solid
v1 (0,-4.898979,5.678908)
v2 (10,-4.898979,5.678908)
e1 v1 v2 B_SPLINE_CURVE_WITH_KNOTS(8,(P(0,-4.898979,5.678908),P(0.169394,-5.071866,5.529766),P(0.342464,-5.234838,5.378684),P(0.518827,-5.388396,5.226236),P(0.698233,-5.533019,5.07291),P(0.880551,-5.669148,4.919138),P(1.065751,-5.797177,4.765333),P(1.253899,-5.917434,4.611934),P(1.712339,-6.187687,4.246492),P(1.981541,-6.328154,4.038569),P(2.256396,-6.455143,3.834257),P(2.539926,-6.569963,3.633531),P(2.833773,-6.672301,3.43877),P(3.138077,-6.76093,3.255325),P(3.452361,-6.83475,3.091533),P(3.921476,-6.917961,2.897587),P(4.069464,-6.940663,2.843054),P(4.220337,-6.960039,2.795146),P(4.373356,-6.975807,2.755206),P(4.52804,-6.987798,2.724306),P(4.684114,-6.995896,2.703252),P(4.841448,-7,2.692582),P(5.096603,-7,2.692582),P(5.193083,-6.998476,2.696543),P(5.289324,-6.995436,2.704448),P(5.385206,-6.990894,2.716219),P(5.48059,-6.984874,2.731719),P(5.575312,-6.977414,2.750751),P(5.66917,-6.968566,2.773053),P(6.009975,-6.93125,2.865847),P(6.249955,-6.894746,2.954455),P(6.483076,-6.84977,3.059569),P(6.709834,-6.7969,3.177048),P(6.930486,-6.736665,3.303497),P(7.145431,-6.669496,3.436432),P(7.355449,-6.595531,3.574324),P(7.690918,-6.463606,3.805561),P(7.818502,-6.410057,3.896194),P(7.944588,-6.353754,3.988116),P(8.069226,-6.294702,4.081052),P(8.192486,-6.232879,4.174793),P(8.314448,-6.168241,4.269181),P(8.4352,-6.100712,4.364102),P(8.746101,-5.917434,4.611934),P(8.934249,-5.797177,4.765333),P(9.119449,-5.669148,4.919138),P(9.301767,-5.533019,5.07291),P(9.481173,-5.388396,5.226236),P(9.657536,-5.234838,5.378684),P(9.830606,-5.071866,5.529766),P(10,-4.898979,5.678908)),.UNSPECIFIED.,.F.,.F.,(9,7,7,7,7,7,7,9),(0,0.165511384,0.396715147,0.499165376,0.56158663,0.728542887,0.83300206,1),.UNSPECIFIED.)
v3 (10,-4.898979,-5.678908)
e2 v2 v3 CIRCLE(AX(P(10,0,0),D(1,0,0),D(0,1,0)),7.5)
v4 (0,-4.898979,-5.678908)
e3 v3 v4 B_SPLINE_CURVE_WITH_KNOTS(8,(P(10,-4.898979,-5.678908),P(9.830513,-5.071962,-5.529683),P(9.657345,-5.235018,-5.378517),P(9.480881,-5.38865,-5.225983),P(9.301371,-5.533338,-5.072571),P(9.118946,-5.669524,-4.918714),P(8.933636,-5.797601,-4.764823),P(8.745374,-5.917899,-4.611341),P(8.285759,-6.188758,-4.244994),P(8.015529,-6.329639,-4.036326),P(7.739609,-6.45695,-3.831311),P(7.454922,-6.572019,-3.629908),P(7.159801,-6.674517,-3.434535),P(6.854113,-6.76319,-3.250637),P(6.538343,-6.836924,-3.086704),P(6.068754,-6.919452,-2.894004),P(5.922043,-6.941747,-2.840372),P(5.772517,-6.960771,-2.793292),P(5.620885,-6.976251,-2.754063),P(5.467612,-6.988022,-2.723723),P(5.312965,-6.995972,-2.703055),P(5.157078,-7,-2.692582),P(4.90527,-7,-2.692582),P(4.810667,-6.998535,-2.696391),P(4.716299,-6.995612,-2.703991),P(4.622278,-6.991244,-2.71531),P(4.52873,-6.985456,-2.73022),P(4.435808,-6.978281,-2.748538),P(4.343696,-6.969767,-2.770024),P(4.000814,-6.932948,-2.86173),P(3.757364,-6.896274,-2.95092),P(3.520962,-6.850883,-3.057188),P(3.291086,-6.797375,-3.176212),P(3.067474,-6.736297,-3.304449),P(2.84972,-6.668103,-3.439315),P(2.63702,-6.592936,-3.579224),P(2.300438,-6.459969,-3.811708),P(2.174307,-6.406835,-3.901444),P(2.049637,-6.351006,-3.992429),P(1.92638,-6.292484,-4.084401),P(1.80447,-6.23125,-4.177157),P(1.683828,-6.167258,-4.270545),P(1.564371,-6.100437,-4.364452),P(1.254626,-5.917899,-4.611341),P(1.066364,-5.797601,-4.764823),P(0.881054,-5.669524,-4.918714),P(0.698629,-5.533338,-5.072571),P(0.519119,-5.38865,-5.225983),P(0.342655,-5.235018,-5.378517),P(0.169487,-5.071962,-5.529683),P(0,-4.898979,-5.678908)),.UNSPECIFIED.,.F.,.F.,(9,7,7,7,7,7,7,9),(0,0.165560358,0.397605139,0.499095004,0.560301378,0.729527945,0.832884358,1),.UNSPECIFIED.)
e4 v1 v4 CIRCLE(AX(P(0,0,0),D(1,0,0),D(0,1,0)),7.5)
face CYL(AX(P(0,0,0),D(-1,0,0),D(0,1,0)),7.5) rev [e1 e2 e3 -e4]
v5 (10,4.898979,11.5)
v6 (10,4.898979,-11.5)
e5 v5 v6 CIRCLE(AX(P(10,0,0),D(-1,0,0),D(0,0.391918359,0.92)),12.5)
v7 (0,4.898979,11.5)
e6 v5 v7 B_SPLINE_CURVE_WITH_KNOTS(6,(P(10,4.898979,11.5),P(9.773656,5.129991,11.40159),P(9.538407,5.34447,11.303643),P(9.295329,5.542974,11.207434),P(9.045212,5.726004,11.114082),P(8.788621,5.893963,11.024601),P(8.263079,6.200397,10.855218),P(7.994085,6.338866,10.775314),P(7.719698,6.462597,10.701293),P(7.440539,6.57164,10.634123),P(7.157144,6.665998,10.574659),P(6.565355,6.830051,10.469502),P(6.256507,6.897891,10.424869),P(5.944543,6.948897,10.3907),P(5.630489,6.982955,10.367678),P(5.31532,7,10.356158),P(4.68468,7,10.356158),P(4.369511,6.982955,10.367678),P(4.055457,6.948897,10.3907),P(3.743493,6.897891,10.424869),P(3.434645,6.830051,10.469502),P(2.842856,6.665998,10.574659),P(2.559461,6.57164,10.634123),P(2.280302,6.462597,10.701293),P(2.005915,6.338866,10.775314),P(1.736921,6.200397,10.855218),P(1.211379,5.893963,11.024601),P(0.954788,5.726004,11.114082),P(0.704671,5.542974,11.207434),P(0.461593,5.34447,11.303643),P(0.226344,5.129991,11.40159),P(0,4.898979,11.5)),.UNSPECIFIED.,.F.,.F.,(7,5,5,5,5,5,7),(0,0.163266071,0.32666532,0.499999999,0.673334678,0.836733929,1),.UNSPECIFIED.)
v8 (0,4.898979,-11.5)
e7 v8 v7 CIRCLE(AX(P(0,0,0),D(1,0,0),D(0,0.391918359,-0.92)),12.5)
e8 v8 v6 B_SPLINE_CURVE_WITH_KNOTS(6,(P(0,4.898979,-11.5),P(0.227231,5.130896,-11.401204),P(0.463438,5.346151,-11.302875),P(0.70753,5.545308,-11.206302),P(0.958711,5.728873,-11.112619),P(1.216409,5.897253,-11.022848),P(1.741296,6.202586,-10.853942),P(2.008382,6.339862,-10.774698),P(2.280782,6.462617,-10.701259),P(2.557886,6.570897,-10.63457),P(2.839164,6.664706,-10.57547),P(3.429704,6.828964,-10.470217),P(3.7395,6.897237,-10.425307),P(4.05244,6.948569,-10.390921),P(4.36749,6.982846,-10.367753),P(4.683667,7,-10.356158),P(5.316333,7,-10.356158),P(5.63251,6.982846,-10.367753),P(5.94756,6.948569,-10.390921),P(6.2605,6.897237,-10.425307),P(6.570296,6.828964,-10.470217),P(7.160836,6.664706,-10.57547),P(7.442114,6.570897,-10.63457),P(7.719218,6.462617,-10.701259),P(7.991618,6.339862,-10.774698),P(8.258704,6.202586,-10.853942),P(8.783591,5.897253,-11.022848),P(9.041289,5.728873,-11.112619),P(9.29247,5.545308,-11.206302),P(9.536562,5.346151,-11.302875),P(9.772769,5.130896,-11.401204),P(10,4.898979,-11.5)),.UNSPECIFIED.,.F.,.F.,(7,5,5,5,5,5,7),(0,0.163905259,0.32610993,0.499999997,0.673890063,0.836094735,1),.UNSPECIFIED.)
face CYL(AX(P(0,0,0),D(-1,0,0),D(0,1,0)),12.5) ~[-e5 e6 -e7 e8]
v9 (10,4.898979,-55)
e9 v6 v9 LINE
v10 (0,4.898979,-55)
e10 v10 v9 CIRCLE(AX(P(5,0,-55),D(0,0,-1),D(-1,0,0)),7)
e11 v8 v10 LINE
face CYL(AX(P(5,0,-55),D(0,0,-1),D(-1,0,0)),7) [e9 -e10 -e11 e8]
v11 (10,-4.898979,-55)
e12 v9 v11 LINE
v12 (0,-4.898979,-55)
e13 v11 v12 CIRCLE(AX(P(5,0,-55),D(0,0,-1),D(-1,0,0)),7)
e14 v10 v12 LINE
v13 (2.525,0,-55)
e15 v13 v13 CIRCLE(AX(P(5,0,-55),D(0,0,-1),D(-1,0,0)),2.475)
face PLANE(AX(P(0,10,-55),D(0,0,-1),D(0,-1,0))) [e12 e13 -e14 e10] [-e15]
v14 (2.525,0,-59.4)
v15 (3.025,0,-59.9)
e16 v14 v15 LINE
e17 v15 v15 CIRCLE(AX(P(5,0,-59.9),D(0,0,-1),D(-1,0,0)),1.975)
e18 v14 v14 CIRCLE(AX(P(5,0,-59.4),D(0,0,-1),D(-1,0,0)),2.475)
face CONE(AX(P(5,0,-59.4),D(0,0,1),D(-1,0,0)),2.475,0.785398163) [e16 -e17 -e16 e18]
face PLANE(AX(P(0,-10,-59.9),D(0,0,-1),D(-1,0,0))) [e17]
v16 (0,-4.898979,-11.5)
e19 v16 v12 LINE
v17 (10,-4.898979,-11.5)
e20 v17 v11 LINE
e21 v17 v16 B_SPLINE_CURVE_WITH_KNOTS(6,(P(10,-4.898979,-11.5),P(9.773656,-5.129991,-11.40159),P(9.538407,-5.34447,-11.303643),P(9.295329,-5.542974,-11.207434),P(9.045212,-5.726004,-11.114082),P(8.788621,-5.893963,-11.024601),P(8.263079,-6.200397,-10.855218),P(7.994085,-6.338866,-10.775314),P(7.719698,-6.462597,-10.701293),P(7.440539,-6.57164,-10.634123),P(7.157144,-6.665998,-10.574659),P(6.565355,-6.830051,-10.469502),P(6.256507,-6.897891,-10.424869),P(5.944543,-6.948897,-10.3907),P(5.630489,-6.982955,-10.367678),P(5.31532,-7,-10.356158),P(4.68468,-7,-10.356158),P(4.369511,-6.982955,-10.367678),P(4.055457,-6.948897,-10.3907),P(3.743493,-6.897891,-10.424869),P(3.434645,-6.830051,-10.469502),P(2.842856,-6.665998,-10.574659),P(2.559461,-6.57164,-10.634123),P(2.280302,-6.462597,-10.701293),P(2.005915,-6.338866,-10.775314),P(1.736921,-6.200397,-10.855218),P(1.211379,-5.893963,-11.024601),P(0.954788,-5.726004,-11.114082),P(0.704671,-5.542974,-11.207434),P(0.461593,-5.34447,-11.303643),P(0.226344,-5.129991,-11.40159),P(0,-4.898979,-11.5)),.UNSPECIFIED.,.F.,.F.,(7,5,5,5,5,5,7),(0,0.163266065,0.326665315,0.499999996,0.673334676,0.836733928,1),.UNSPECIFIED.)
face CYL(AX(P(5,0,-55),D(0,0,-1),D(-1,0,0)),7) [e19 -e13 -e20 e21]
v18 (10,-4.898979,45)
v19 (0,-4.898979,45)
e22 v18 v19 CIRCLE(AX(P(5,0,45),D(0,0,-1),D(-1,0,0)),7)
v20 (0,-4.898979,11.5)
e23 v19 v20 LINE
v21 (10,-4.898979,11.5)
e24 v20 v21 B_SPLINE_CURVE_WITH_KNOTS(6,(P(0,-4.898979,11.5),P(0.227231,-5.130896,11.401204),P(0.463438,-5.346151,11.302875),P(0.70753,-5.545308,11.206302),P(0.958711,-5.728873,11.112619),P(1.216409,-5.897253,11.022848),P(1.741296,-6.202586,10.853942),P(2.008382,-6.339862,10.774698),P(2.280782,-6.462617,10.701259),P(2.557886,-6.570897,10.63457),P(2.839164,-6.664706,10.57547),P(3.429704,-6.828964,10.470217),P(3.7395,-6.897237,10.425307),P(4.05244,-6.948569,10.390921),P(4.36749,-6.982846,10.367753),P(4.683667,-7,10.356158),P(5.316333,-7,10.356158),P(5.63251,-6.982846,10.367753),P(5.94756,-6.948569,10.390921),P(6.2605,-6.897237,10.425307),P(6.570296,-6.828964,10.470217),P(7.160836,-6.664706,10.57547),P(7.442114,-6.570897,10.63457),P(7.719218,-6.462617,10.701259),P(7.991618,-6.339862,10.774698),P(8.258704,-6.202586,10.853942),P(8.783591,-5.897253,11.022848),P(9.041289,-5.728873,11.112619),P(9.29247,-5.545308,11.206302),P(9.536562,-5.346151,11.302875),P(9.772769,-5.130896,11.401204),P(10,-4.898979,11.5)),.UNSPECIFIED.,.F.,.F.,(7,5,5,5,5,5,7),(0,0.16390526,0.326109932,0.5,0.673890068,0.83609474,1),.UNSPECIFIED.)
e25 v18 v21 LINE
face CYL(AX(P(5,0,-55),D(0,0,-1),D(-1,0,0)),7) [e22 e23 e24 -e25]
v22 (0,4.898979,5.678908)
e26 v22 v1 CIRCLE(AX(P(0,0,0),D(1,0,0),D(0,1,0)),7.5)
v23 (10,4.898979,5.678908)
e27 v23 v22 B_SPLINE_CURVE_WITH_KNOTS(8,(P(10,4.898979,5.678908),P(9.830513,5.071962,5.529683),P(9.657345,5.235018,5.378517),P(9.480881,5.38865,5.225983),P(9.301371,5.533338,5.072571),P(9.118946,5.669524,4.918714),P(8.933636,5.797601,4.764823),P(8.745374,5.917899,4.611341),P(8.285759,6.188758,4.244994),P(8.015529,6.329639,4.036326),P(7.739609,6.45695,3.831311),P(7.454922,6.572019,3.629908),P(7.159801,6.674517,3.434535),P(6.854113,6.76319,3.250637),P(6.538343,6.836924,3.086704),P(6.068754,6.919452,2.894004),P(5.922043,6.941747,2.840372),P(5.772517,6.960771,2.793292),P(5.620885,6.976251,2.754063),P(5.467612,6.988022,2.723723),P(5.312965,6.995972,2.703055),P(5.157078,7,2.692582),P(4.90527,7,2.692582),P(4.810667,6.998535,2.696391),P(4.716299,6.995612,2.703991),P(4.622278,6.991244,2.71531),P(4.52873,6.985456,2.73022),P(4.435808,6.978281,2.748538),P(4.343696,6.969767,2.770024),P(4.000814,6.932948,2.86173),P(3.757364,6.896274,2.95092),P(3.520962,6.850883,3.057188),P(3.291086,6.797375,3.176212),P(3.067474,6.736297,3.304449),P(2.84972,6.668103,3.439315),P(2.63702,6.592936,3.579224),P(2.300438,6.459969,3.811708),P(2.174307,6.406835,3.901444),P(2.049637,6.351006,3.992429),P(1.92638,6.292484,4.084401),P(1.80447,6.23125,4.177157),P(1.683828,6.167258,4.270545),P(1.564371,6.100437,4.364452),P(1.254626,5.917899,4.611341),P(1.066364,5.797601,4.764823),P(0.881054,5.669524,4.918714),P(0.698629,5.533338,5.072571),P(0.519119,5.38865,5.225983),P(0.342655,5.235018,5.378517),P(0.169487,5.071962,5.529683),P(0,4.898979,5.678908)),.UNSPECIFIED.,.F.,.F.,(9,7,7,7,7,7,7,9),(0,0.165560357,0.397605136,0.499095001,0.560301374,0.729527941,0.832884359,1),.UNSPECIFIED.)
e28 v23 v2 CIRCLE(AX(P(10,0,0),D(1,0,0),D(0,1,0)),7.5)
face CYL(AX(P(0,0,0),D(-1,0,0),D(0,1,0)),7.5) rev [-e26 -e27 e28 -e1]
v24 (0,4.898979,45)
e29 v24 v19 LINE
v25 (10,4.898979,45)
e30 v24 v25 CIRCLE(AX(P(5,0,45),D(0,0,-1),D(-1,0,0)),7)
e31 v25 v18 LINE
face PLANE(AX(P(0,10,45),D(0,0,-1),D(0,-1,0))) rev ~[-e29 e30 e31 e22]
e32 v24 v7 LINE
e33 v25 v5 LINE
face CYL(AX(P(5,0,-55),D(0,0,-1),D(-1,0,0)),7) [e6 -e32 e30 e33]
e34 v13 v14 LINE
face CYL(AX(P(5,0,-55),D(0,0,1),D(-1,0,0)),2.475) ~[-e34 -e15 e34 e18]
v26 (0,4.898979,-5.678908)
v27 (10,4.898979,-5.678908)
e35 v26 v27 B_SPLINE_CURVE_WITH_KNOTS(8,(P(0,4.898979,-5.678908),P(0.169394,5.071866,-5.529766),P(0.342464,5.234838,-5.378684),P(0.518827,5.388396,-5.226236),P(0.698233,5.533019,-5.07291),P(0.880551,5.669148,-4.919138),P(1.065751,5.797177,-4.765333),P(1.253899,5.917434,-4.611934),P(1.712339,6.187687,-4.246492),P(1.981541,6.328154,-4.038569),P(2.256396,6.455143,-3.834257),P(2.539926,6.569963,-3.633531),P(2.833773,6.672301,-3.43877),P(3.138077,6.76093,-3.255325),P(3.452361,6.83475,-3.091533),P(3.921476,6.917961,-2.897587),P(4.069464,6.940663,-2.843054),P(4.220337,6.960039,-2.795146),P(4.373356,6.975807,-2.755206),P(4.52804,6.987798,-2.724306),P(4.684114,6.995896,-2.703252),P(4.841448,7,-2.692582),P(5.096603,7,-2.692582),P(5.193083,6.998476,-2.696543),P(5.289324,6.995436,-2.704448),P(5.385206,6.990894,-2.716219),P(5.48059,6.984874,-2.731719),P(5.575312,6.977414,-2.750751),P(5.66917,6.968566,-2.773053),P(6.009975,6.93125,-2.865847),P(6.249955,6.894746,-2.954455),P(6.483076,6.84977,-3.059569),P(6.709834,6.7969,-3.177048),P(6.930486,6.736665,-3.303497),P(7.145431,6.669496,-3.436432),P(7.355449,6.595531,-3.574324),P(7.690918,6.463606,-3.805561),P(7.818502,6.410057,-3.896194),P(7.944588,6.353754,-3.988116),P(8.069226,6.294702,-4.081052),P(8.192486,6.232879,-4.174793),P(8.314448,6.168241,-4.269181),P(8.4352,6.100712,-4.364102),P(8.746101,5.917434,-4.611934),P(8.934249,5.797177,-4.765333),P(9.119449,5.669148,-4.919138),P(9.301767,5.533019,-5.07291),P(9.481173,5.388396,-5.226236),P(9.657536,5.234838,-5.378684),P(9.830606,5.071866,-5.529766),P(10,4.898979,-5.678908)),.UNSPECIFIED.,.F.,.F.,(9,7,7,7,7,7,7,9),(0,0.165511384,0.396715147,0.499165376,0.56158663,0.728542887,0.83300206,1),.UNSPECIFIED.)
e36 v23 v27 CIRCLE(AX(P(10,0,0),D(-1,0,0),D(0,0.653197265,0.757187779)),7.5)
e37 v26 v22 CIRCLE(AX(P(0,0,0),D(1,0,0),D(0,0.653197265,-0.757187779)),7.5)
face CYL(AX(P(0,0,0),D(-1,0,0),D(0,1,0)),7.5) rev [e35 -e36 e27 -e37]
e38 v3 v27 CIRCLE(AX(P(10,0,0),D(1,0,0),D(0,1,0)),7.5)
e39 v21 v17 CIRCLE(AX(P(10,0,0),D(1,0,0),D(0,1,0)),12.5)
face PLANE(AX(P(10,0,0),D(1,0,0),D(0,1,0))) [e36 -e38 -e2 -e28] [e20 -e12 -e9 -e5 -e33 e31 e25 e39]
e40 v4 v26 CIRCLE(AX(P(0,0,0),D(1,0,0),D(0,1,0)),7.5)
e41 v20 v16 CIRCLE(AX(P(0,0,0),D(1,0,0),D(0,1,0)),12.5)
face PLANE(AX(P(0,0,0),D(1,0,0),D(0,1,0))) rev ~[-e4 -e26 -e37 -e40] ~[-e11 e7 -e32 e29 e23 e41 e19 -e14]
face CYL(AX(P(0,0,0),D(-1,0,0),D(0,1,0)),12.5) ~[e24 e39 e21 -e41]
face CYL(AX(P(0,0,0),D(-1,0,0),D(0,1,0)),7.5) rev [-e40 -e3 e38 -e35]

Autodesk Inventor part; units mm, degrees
ref_plane "YZ Plane" through (0, 0, 0) normal (1, 0, 0) x (0, 1, 0)
ref_plane "XZ Plane" through (0, 0, 0) normal (0, 1, 0) x (-1, 0, 0)
ref_plane "XY Plane" through (0, 0, 0) normal (0, 0, 1) x (1, 0, 0)
sketch "Sketch1" plane through (0, 0, 0) normal (1, 0, 0) x (0, 1, 0)
  circle A0 centre (0, 0) radius 4.75
  line L0 (10, 45) -> (-10, 45)
  line L1 (10, 38) -> (-10, 38)
  line L2 (10, 45) -> (10, 38)
  line L3 (-10, 38) -> (-10, 45)
  line L4 (-4.75, 0) -> (-8.4137, 0)
  line L5 (-14, 0) -> (14, 0) projected
  line L6 (10, -55) -> (-10, -55)
  line L7 (-10, -55) -> (-10, -48)
  line L8 (-10, -48) -> (10, -48)
  line L9 (10, -48) -> (10, -55)
  line L10 (10, 38) -> (10, -48)
  line L11 (-10, -48) -> (-10, 38)
  point P0 (0, 45)
  point P1 (0, -55)
  dimension "d0" = 9.5
  dimension "d1" = 20
  dimension "d2" = 0
  dimension "d3" = 7
  dimension "d4" = 45
  dimension "d8" = 20
  dimension "d9" = 7
  dimension "d10" = 0
  dimension "d11" = 55
extrude "Extrusion1" add sketch "Sketch1" along normal blind 10 contours L5 L10 L8 L11 L4 A0 | A0 L4 L5 L11 L1 L10 | L1 L3 L0 L2 | L9 L6 L7 L8
sketch "Sketch2" plane through (0, -10, -55) normal (0, 0, -1) x (-1, 0, 0)
  circle A0 centre (-5, 10) radius 2.475
  point P0 (0, 10)
  dimension "d12" = 4.95
extrude "Extrusion2" add sketch "Sketch2" along normal blind 4.9
chamfer "Chamfer1" distance 0.5 angle 45 1 edges at (7.475, 0, -59.9)
sketch "Sketch3" plane through (0, -10, -55) normal (0, 0, -1) x (-1, 0, 0)
  circle A0 centre (-5, 10) radius 2.475 projected
  circle A1 centre (-5, 10) radius 7
  circle A2 centre (-5, 10) radius 17.4724
  point P0 (0, 10)
  dimension "d18" = 14
extrude "Extrusion3" cut sketch "Sketch3" against normal through all contours A2
sketch "Sketch4" plane through (0, 0, 0) normal (1, 0, 0) x (0, 1, 0)
  circle A0 centre (0, 0) radius 7.5
  circle A1 centre (0, 0) radius 12.5
  dimension "d21" = 15
  dimension "d22" = 5
extrude "Extrusion4" add sketch "Sketch4" along normal up to surface (10 mm away)
extrude "Extrusion5" cut sketch "Sketch4" along normal blind 10 contours A0
properties part number "nozzle holder v1"
